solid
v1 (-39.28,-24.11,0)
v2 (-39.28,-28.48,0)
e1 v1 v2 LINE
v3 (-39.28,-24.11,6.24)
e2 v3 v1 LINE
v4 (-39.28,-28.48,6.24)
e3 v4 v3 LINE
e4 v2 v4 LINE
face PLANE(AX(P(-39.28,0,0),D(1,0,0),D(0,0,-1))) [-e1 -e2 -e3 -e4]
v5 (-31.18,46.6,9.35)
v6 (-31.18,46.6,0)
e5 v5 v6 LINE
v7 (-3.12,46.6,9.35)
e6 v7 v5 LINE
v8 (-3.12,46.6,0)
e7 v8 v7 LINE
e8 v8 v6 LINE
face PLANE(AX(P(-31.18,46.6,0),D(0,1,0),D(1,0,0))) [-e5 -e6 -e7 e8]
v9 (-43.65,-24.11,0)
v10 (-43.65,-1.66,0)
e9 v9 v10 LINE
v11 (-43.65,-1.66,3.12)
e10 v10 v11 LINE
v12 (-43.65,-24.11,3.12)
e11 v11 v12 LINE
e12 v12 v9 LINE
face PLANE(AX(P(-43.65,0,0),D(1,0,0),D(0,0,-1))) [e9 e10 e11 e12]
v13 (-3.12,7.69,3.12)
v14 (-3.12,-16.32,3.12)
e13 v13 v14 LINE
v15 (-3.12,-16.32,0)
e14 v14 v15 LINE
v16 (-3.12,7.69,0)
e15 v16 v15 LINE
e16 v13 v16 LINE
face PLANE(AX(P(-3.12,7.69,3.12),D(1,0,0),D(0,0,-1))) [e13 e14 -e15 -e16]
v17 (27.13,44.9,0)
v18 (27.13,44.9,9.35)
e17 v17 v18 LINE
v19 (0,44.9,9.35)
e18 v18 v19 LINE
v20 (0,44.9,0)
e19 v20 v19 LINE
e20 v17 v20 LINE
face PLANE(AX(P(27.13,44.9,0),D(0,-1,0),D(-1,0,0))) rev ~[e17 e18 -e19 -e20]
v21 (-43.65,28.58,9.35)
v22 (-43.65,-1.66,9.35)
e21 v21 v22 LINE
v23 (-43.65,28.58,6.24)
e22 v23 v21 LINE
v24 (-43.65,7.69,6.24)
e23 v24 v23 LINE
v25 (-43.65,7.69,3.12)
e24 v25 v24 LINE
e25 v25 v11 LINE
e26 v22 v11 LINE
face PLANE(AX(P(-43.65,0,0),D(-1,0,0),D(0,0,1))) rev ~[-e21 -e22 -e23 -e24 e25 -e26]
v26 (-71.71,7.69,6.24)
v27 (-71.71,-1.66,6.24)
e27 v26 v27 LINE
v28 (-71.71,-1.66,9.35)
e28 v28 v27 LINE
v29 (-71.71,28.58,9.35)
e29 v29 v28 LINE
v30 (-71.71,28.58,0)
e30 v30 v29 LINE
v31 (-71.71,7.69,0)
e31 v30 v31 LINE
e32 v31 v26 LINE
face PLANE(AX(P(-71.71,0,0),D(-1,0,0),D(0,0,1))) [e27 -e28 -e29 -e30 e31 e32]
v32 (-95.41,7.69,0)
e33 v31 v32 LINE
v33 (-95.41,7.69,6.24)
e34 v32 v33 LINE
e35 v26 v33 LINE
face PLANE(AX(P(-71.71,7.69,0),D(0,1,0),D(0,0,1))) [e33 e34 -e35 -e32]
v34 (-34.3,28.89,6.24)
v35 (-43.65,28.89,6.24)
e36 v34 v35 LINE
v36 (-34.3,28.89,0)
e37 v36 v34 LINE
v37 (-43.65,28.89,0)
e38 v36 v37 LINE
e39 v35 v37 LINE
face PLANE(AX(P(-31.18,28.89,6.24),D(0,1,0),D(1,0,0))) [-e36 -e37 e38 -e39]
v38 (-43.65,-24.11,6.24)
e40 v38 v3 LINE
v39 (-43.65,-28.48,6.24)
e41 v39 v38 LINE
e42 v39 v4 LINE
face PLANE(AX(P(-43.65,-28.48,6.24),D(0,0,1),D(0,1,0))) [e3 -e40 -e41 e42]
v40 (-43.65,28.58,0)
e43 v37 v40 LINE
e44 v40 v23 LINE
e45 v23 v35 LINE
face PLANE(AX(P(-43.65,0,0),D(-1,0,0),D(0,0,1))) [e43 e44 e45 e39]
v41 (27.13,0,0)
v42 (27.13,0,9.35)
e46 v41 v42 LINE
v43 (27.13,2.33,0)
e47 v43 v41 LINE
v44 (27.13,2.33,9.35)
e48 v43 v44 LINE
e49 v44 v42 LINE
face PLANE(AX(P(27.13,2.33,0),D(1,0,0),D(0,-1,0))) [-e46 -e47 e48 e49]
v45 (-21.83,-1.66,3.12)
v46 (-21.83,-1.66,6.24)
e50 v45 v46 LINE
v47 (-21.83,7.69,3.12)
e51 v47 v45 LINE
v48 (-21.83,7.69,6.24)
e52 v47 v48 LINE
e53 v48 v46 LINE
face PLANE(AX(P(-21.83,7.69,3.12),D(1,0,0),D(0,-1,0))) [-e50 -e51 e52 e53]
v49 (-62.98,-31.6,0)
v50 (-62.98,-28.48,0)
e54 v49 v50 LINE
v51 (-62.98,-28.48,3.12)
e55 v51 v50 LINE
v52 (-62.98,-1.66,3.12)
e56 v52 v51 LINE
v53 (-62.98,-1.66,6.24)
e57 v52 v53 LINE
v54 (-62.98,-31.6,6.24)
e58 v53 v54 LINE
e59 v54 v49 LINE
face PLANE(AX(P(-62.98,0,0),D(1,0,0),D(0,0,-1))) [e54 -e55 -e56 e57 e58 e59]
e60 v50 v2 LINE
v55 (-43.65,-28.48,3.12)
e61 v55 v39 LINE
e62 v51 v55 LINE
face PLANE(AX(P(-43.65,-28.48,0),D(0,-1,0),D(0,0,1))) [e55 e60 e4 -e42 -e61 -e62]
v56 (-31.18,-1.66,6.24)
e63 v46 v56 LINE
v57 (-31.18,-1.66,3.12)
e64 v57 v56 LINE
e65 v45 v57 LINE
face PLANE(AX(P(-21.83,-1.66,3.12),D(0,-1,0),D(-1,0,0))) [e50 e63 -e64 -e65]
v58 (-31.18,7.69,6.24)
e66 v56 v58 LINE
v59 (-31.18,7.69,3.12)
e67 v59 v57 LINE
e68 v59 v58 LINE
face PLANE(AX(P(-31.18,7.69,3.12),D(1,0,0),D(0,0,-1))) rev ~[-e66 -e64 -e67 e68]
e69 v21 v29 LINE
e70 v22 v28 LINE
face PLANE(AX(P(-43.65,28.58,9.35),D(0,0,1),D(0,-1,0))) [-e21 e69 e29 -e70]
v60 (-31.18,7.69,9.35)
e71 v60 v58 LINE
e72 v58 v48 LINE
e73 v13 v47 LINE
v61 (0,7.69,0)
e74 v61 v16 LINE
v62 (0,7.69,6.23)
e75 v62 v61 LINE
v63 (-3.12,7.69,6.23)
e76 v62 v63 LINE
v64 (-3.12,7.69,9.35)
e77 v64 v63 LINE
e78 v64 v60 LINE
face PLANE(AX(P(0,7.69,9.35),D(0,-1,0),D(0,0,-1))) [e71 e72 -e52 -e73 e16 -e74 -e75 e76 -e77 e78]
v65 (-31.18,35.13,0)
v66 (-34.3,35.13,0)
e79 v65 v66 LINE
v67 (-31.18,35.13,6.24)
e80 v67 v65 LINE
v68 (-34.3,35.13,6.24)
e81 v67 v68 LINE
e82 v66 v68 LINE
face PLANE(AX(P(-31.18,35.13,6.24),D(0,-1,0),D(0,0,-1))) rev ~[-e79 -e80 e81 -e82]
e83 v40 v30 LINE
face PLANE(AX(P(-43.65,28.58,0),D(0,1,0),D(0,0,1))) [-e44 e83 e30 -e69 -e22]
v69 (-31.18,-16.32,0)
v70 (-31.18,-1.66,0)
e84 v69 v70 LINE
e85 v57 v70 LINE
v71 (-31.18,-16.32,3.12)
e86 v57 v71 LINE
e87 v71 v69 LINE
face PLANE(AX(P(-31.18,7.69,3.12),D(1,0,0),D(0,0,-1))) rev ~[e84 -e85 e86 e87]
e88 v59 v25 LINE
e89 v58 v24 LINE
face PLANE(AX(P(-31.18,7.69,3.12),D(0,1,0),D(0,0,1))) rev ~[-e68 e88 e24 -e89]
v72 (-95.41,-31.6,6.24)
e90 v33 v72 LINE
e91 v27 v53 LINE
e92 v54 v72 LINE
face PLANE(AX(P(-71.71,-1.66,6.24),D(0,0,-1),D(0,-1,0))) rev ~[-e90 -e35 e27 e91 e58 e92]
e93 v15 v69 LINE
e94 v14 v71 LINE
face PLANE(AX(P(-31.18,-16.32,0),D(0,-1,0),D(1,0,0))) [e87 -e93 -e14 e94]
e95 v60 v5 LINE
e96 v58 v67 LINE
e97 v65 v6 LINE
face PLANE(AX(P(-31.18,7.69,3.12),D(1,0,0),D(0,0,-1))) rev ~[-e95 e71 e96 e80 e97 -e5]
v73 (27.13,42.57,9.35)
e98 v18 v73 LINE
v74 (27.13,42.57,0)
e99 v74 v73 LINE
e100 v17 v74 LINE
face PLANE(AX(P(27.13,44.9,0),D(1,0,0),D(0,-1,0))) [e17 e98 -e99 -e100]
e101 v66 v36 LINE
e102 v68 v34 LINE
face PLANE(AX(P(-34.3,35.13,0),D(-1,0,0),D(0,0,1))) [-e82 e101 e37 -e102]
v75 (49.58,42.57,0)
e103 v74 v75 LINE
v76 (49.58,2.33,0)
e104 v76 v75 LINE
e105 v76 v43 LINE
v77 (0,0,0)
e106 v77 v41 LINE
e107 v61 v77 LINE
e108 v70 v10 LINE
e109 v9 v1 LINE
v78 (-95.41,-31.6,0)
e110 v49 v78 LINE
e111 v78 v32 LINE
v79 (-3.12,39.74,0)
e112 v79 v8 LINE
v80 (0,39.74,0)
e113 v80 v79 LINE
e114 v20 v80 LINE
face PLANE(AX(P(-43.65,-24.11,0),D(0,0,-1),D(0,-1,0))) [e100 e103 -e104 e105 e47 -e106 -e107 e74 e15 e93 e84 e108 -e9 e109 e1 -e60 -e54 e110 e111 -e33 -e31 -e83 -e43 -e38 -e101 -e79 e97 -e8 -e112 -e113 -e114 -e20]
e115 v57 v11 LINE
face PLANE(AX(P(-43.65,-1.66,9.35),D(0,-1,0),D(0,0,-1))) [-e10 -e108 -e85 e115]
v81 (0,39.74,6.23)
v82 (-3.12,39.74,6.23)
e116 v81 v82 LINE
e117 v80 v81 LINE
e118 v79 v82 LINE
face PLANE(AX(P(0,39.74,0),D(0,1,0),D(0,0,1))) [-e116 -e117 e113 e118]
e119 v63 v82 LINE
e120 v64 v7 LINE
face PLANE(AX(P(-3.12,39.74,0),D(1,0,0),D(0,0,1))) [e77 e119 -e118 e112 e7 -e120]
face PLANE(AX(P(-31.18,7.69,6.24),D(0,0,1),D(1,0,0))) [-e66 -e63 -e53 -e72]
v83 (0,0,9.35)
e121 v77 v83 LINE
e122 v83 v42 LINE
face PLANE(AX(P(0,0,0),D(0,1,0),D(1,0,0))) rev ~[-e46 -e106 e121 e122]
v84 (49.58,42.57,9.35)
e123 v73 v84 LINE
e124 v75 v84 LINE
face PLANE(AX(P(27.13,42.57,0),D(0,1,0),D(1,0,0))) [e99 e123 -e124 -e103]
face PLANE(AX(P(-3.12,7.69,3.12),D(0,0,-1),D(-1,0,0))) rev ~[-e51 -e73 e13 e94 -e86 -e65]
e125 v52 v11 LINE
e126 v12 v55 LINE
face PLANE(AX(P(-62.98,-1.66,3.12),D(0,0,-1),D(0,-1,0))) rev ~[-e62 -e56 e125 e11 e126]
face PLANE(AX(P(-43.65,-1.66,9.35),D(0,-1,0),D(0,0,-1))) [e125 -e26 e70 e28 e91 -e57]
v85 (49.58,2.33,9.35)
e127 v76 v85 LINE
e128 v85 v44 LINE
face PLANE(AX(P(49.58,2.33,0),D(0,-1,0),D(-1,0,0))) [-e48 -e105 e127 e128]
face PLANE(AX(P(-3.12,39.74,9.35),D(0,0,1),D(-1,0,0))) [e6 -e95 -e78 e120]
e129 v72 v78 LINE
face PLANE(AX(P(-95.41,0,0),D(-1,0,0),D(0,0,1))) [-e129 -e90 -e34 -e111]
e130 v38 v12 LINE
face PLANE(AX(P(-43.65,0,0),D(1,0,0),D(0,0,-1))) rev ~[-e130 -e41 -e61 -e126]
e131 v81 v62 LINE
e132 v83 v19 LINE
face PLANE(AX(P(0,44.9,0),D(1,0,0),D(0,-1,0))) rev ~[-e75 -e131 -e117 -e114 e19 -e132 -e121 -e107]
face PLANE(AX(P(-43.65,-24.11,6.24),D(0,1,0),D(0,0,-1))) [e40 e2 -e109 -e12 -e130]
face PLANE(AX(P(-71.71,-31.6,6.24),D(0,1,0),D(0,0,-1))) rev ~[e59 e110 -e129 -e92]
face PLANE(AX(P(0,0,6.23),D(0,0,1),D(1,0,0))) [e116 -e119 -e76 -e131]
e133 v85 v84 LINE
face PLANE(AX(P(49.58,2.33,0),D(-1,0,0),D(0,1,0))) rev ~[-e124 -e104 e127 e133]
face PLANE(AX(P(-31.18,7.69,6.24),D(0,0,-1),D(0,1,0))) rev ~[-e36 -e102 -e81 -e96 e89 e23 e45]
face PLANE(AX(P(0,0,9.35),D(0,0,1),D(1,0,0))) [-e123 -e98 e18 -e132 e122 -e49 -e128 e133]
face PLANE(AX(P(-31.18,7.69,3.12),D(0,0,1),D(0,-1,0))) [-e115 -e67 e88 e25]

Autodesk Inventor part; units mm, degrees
ref_plane "YZ Plane" through (0, 0, 0) normal (1, 0, 0) x (0, 1, 0)
ref_plane "XZ Plane" through (0, 0, 0) normal (0, 1, 0) x (-1, 0, 0)
ref_plane "XY Plane" through (0, 0, 0) normal (0, 0, 1) x (1, 0, 0)
sketch "Sketch1" plane through (0, 0, 0) normal (0, 0, 1) x (1, 0, 0)
  line L0 (0, 0) -> (49.58, 0)
  line L1 (49.58, 0) -> (49.58, 44.9)
  line L2 (49.58, 44.9) -> (0, 44.9)
  line L3 (0, 44.9) -> (0, 0)
  line L4 (49.58, 2.33) -> (27.13, 2.33)
  line L5 (27.13, 2.33) -> (27.13, 0)
  line L6 (27.13, 44.9) -> (27.13, 42.57)
  line L7 (27.13, 42.57) -> (49.58, 42.57)
  dimension "d0" = 49.58
  dimension "d1" = 44.9
  dimension "d2" = 22.45
  dimension "d3" = 2.33
extrude "Extrusion1" add sketch "Sketch1" along normal blind 9.35 contours L3 L2 L6 L7 L1 L4 L5 L0
sketch "Sketch2" plane through (0, 0, 0) normal (-1, 0, 0) x (0, 0, 1)
  line L0 (0, 44.9) -> (0, 0) projected
  line L1 (9.35, 44.9) -> (9.35, 0) projected
  line L2 (0, 44.9) -> (9.35, 44.9) projected
  line L3 (0, 39.74) -> (9.35, 39.74)
  line L4 (9.35, 39.74) -> (9.35, 7.69)
  line L5 (9.35, 7.69) -> (0, 7.69)
  line L6 (0, 7.69) -> (0, 39.74)
  dimension "d6" = 32.05
  dimension "d7" = 5.16
extrude "Extrusion2" add sketch "Sketch2" along normal blind 31.18 contours L3 L1 L5 L0
sketch "Sketch3" plane through (0, 0, 9.35) normal (0, 0, 1) x (1, 0, 0)
  line L0 (0, 39.74) -> (-31.18, 39.74) projected
  line L1 (-3.12, 39.74) -> (0, 39.74)
  line L2 (0, 39.74) -> (0, 7.69)
  line L3 (0, 7.69) -> (-3.12, 7.69)
  line L4 (-3.12, 7.69) -> (-3.12, 39.74)
extrude "Extrusion3" cut sketch "Sketch3" against normal blind 3.12
sketch "Sketch4" plane through (-31.18, 39.74, 0) normal (0, 1, 0) x (1, 0, 0)
  line L0 (0, -9.35) -> (0, 0) projected
  line L1 (28.06, -9.35) -> (0, -9.35) projected
  line L2 (31.18, 0) -> (0, 0) projected
  line L3 (28.06, -9.35) -> (0, -9.35)
  line L4 (0, -9.35) -> (0, 0)
  line L5 (0, 0) -> (28.06, 0)
  line L6 (28.06, 0) -> (28.06, -9.35)
extrude "Extrusion4" add sketch "Sketch4" along normal blind 6.86
sketch "Sketch5" plane through (-31.18, 7.69, 0) normal (0, -1, 0) x (1, 0, 0)
  line L0 (28.06, 0) -> (0, 0) projected
  line L1 (28.06, 9.35) -> (28.06, 0) projected
  line L2 (0, 0) -> (28.06, 0)
  line L3 (28.06, 0) -> (28.06, 3.12)
  line L4 (28.06, 3.12) -> (0, 3.12)
  line L5 (0, 3.12) -> (0, 0)
  dimension "d14" = 3.12
extrude "Extrusion5" add sketch "Sketch5" along normal blind 24.01
sketch "Sketch6" plane through (-31.18, 7.69, 3.12) normal (0, 0, 1) x (1, 0, 0)
  line L0 (0, 0) -> (9.35, 0)
  line L1 (9.35, 0) -> (9.35, -9.35)
  line L2 (9.35, -9.35) -> (0, -9.35)
  line L3 (0, -9.35) -> (0, 0)
  point P0 (31.18, -7.69)
  dimension "d17" = 9.35
  dimension "d18" = 9.35
extrude "Extrusion6" add sketch "Sketch6" along normal blind 3.12
sketch "Sketch7" plane through (-31.18, 0, 0) normal (-1, 0, 0) x (0, 0, 1)
  line L0 (3.12, 7.69) -> (0, 7.69) projected
  line L1 (3.12, -1.66) -> (0, -1.66)
  line L2 (0, -1.66) -> (0, 7.69)
  line L3 (0, 7.69) -> (3.12, 7.69)
  line L4 (3.12, 7.69) -> (3.12, -1.66)
  line L5 (0, 7.69) -> (6.24, 7.69)
  line L6 (6.24, 7.69) -> (6.24, 35.13)
  line L7 (6.24, 35.13) -> (0, 35.13)
  line L8 (0, 35.13) -> (0, 7.69)
  line L9 (0, -16.32) -> (0, 46.6) projected
  point P0 (0, 0)
  dimension "d21" = 27.44
  dimension "d24" = 6.24
extrude "Extrusion7" add sketch "Sketch7" along normal blind 12.47
sketch "Sketch8" plane through (-31.18, 35.13, 6.24) normal (0, 1, 0) x (1, 0, 0)
  line L0 (-12.47, 0) -> (-12.47, 6.24) projected
  line L1 (0, 6.24) -> (-12.47, 6.24) projected
  line L2 (0, 0) -> (-12.47, 0) projected
  line L3 (0, 6.24) -> (-3.12, 6.24)
  line L4 (-3.12, 6.24) -> (-3.12, 0)
  line L5 (-3.12, 0) -> (0, 0)
  line L6 (0, 0) -> (0, 6.24)
  point P0 (31.18, 6.24)
  dimension "d25" = 3.12
extrude "Extrusion8" cut sketch "Sketch8" against normal blind 6.24 contours L0 L1 L4 L2
sketch "Sketch9" plane through (-43.65, 0, 0) normal (-1, 0, 0) x (0, 0, 1)
  line L0 (0, 28.89) -> (0, -1.66) projected
  line L1 (0, 28.58) -> (9.35, 28.58)
  line L2 (9.35, 28.58) -> (9.35, -1.66)
  line L3 (9.35, -1.66) -> (0, -1.66)
  line L4 (0, -1.66) -> (0, 28.58)
  point P0 (0, 0)
extrude "Extrusion9" add sketch "Sketch9" along normal blind 28.06
sketch "Sketch10" plane through (-71.71, 0, 0) normal (-1, 0, 0) x (0, 0, 1)
  line L0 (0, 28.58) -> (0, -1.66) projected
  line L1 (0, 7.69) -> (6.24, 7.69)
  line L2 (6.24, 7.69) -> (6.24, -31.6)
  line L3 (6.24, -31.6) -> (0, -31.6)
  line L4 (0, -31.6) -> (0, 7.69)
  point P0 (0, 0)
  dimension "d30" = 39.29
extrude "Extrusion10" add sketch "Sketch10" along normal blind 23.7
sketch "Sketch11" plane through (-71.71, 0, 0) normal (1, 0, 0) x (0, 0, -1)
  line L0 (0, -1.66) -> (-6.24, -1.66) projected
  line L1 (-6.24, -1.66) -> (-6.24, -31.6) projected
  line L2 (-6.24, -31.6) -> (0, -31.6) projected
  line L3 (0, -31.6) -> (0, -1.66) projected
  point P0 (0, 0)
extrude "Extrusion11" add sketch "Sketch11" along normal blind 8.73
sketch "Sketch12" plane through (-62.98, 0, 0) normal (1, 0, 0) x (0, 0, -1)
  line L0 (0, -1.66) -> (-3.12, -1.66)
  line L1 (-3.12, -1.66) -> (-3.12, -28.48)
  line L2 (-3.12, -28.48) -> (0, -28.48)
  line L3 (0, -28.48) -> (0, -1.66)
  point P0 (0, 0)
  dimension "d35" = 26.82
extrude "Extrusion12" add sketch "Sketch12" along normal blind 19.33
sketch "Sketch13" plane through (-43.65, 0, 0) normal (1, 0, 0) x (0, 0, -1)
  line L0 (0, -28.48) -> (-6.24, -28.48)
  line L1 (-6.24, -28.48) -> (-6.24, -24.11)
  line L2 (-6.24, -24.11) -> (0, -24.11)
  line L3 (0, -24.11) -> (0, -28.48)
  point P0 (0, 0)
  dimension "d38" = 6.24
  dimension "d39" = 4.37
extrude "Extrusion13" add sketch "Sketch13" along normal blind 4.37
properties part number "Sportcenter" material "UHMW, White"
